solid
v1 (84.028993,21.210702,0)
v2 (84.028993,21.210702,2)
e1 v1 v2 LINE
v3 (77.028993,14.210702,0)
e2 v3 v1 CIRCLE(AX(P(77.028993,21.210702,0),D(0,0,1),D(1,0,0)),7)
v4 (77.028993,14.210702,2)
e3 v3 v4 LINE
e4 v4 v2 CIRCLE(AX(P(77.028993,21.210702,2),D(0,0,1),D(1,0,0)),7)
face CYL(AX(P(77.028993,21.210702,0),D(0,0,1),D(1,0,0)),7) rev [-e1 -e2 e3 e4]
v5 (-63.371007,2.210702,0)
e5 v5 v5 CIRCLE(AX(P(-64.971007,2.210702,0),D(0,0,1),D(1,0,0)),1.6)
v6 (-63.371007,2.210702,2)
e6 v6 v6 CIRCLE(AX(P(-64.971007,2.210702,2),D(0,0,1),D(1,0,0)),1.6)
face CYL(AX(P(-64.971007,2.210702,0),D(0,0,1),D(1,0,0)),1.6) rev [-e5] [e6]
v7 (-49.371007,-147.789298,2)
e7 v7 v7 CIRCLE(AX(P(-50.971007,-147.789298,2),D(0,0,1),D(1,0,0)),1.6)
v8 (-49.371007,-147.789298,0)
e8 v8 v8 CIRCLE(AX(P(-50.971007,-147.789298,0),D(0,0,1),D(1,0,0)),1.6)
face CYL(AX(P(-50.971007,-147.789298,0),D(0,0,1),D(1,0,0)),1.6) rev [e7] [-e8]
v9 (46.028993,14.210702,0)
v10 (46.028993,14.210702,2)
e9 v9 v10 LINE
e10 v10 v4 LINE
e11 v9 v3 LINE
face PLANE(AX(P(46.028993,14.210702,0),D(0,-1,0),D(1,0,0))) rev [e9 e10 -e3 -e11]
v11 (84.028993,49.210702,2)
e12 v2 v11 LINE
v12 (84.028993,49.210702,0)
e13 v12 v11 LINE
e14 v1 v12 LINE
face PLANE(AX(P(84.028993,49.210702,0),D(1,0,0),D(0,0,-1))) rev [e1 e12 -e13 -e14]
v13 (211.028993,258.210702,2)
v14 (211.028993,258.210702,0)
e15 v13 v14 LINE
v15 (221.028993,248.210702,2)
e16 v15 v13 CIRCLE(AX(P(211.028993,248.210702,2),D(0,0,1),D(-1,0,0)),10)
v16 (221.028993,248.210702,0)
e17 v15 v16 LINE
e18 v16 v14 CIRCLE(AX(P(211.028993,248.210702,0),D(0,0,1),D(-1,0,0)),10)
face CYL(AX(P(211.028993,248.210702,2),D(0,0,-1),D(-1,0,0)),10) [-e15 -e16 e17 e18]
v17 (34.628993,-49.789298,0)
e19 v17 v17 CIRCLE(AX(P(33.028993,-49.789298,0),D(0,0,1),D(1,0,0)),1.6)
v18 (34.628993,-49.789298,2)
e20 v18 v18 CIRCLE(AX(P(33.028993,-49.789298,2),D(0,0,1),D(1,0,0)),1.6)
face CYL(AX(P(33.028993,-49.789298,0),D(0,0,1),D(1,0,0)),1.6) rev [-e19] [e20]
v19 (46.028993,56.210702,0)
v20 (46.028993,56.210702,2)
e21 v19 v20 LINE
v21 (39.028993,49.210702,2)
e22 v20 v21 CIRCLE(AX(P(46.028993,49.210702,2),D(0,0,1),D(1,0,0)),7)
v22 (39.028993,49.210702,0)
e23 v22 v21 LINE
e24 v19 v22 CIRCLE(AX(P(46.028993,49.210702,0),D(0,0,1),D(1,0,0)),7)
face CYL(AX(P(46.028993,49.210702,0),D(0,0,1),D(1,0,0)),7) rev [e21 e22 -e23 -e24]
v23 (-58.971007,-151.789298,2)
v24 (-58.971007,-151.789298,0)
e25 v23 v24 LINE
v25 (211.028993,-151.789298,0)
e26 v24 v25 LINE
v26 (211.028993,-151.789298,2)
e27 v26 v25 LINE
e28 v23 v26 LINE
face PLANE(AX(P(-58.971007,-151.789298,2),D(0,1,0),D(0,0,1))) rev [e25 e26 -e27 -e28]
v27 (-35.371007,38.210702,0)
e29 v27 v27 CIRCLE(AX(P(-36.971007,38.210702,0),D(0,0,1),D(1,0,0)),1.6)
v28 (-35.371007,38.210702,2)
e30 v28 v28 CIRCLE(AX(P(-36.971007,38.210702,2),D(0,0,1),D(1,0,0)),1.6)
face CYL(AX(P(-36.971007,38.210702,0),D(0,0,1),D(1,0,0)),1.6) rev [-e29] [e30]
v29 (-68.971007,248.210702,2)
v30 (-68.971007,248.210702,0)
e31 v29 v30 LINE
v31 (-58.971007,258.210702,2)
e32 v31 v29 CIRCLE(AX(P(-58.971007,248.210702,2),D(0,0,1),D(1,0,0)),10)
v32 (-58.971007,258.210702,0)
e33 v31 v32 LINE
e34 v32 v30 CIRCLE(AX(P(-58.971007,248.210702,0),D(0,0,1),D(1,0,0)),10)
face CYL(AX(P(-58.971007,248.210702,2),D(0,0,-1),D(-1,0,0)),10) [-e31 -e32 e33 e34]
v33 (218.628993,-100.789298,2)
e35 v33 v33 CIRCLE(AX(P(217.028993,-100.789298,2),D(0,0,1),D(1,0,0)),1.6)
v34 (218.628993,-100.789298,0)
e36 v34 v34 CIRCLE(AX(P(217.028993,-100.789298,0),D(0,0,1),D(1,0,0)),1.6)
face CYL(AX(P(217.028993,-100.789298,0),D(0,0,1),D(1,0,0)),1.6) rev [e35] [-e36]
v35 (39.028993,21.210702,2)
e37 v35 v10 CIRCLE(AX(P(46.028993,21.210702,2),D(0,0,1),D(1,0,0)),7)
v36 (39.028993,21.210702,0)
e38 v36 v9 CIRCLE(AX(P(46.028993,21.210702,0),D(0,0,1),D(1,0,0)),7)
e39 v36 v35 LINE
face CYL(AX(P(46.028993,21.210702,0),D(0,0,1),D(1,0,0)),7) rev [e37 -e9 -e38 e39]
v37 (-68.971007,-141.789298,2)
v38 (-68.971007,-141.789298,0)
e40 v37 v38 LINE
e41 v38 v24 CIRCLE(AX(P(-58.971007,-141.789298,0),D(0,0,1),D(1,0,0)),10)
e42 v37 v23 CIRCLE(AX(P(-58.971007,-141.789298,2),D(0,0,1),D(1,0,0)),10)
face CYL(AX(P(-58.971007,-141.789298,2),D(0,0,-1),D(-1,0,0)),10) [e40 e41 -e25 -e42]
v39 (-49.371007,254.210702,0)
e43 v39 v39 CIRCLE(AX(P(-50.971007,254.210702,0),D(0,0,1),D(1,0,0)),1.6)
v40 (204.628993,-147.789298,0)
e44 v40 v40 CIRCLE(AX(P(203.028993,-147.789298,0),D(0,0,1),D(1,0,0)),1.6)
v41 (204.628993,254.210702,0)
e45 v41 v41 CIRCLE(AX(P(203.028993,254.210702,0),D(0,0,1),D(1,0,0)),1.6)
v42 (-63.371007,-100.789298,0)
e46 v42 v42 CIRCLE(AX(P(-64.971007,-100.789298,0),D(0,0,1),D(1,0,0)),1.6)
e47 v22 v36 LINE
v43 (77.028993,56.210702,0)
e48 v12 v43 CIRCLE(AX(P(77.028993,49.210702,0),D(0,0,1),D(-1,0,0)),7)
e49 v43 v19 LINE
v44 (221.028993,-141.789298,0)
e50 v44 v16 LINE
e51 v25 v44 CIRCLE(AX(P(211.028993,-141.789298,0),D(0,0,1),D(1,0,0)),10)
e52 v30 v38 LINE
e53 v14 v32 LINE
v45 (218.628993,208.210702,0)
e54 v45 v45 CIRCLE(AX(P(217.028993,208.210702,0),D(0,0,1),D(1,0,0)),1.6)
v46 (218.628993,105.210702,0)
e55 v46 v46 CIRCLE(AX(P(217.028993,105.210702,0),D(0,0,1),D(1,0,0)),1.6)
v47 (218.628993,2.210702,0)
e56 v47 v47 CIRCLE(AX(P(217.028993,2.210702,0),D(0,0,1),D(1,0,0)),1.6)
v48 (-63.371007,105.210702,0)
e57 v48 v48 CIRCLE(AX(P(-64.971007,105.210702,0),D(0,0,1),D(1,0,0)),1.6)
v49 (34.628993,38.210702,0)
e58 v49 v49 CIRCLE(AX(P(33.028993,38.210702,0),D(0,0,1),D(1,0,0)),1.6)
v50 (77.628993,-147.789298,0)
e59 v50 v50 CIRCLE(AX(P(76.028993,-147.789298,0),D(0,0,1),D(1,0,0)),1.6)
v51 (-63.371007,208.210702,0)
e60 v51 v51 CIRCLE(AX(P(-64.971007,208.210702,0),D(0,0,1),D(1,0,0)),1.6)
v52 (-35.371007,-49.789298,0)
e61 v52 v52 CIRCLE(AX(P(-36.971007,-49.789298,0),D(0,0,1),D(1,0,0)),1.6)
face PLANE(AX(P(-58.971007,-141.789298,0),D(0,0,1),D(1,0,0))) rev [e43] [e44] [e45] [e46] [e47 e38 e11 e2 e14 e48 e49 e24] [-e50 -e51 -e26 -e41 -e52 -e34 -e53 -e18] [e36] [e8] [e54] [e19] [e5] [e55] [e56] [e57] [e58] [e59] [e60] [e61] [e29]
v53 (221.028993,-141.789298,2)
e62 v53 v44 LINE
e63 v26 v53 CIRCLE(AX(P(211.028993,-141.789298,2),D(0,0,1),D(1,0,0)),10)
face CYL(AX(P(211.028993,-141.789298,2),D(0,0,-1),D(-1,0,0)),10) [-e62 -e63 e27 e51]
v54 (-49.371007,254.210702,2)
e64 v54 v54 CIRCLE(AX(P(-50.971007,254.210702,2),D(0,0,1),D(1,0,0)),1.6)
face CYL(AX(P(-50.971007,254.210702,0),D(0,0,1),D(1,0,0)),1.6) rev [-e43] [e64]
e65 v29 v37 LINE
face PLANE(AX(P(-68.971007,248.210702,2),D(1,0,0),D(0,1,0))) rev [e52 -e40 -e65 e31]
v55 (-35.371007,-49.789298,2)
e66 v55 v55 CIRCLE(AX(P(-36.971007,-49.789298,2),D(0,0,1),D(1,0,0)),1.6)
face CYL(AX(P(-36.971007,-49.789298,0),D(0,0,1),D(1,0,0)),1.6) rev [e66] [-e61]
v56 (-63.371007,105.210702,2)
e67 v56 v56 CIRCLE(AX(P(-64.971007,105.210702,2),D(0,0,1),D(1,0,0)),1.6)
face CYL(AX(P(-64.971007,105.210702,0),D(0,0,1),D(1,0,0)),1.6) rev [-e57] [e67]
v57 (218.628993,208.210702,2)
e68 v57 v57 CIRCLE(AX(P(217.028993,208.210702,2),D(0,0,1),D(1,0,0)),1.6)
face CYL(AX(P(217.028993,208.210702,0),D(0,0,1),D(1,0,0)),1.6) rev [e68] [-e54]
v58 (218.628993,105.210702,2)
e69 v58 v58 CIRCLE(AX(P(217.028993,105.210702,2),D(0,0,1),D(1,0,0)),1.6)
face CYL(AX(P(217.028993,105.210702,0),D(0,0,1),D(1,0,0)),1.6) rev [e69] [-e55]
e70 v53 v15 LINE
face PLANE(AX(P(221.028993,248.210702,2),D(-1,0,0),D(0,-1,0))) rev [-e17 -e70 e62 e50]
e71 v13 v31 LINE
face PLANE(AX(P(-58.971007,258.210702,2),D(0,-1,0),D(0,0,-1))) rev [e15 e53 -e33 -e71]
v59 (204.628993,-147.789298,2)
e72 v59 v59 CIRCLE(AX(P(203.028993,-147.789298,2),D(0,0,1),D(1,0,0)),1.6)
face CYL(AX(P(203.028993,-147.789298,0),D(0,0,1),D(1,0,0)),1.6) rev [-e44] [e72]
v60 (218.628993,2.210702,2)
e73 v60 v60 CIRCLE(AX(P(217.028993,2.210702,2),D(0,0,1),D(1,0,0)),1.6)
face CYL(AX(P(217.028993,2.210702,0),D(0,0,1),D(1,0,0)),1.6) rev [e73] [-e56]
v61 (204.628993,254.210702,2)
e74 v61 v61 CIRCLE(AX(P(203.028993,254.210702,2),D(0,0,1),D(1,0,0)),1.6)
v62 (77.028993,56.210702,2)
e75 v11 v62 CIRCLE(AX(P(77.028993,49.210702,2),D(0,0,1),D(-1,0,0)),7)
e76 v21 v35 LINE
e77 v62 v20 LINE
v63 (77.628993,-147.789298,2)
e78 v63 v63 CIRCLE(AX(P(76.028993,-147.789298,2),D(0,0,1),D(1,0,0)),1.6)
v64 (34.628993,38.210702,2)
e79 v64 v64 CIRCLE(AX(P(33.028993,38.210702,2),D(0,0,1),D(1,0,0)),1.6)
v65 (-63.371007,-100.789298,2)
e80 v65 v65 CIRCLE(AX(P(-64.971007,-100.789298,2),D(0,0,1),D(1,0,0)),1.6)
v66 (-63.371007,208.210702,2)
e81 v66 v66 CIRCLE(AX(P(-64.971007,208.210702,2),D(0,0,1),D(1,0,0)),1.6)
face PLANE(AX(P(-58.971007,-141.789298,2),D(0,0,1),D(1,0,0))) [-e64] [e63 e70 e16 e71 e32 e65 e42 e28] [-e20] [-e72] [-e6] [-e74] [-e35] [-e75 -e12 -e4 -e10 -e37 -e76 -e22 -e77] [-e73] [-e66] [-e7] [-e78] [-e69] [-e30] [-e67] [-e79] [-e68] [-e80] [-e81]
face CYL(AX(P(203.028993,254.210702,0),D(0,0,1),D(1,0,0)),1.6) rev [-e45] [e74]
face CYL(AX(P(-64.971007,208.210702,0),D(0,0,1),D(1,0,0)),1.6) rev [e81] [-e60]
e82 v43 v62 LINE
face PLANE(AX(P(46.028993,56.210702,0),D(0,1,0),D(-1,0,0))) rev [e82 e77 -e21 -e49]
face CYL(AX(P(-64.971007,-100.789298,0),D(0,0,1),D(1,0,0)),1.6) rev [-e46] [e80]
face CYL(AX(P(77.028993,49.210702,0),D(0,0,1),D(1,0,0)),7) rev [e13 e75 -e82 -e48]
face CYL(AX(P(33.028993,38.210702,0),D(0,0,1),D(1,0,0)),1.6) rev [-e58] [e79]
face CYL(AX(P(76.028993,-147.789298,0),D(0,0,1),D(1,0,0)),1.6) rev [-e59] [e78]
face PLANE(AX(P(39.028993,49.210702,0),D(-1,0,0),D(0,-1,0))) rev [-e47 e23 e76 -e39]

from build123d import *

# Parameters (mm, degrees)
EXTRUDE_1_DEPTH     = 2
SKETCH_2_R          = 1.6
CUT_EXTRUDE_1_DEPTH = 340.897900211
SKETCH_3_R          = 1.6
CUT_EXTRUDE_2_DEPTH = 340.897900211


with BuildPart() as part:
    # 草图1 → 凸台-拉伸1 (new body)
    with BuildSketch(Plane.XY):
        with BuildLine():
            Line((-58.97100696, 258.210702341), (211.02899304, 258.210702341))
            ThreePointArc((211.02899304, 258.210702341), (218.100060852, 255.281770153), (221.02899304, 248.210702341))
            Line((221.02899304, 248.210702341), (221.02899304, -141.789297659))
            ThreePointArc((221.02899304, -141.789297659), (218.100060852, -148.860365471), (211.02899304, -151.789297659))
            Line((211.02899304, -151.789297659), (-58.97100696, -151.789297659))
            ThreePointArc((-58.97100696, -151.789297659), (-66.042074772, -148.860365471), (-68.97100696, -141.789297659))
            Line((-68.97100696, -141.789297659), (-68.97100696, 248.210702341))
            ThreePointArc((-68.97100696, 248.210702341), (-66.042074772, 255.281770153), (-58.97100696, 258.210702341))
        make_face()
    extrude(amount=EXTRUDE_1_DEPTH)

    # 草图2 → 切除-拉伸1 (cut, through all)
    with BuildSketch(Plane.XY.offset(2)):
        with Locations((-64.97100696, 208.210702341)):
            Circle(SKETCH_2_R)
        with Locations((-64.97100696, 105.210702341)):
            Circle(SKETCH_2_R)
        with Locations((-64.97100696, 2.210702341)):
            Circle(SKETCH_2_R)
        with Locations((-64.97100696, -100.789297659)):
            Circle(SKETCH_2_R)
        with Locations((217.02899304, 208.210702341)):
            Circle(SKETCH_2_R)
        with Locations((217.02899304, 105.210702341)):
            Circle(SKETCH_2_R)
        with Locations((217.02899304, 2.210702341)):
            Circle(SKETCH_2_R)
        with Locations((217.02899304, -100.789297659)):
            Circle(SKETCH_2_R)
        with Locations((-50.97100696, 254.210702341)):
            Circle(SKETCH_2_R)
        with Locations((203.02899304, 254.210702341)):
            Circle(SKETCH_2_R)
        with Locations((-50.97100696, -147.789297659)):
            Circle(SKETCH_2_R)
        with Locations((76.02899304, -147.789297659)):
            Circle(SKETCH_2_R)
        with Locations((203.02899304, -147.789297659)):
            Circle(SKETCH_2_R)
    extrude(amount=-CUT_EXTRUDE_1_DEPTH, mode=Mode.SUBTRACT)

    # 草图3 → 切除-拉伸2 (cut, through all)
    with BuildSketch(Plane.XY.offset(2)):
        with Locations((33.02899304, 38.210702341)):
            Circle(SKETCH_3_R)
        with Locations((33.02899304, -49.789297659)):
            Circle(SKETCH_3_R)
        with Locations((-36.97100696, -49.789297659)):
            Circle(SKETCH_3_R)
        with Locations((-36.97100696, 38.210702341)):
            Circle(SKETCH_3_R)
        with BuildLine():
            Line((46.02899304, 56.210702341), (77.02899304, 56.210702341))
            ThreePointArc((77.02899304, 56.210702341), (81.978740508, 54.160449809), (84.02899304, 49.210702341))
            Line((84.02899304, 49.210702341), (84.02899304, 21.210702341))
            ThreePointArc((84.02899304, 21.210702341), (81.978740508, 16.260954873), (77.02899304, 14.210702341))
            Line((77.02899304, 14.210702341), (46.02899304, 14.210702341))
            ThreePointArc((46.02899304, 14.210702341), (41.079245572, 16.260954873), (39.02899304, 21.210702341))
            Line((39.02899304, 21.210702341), (39.02899304, 49.210702341))
            ThreePointArc((39.02899304, 49.210702341), (41.079245572, 54.160449809), (46.02899304, 56.210702341))
        make_face()
    extrude(amount=-CUT_EXTRUDE_2_DEPTH, mode=Mode.SUBTRACT)


solid = part.part
